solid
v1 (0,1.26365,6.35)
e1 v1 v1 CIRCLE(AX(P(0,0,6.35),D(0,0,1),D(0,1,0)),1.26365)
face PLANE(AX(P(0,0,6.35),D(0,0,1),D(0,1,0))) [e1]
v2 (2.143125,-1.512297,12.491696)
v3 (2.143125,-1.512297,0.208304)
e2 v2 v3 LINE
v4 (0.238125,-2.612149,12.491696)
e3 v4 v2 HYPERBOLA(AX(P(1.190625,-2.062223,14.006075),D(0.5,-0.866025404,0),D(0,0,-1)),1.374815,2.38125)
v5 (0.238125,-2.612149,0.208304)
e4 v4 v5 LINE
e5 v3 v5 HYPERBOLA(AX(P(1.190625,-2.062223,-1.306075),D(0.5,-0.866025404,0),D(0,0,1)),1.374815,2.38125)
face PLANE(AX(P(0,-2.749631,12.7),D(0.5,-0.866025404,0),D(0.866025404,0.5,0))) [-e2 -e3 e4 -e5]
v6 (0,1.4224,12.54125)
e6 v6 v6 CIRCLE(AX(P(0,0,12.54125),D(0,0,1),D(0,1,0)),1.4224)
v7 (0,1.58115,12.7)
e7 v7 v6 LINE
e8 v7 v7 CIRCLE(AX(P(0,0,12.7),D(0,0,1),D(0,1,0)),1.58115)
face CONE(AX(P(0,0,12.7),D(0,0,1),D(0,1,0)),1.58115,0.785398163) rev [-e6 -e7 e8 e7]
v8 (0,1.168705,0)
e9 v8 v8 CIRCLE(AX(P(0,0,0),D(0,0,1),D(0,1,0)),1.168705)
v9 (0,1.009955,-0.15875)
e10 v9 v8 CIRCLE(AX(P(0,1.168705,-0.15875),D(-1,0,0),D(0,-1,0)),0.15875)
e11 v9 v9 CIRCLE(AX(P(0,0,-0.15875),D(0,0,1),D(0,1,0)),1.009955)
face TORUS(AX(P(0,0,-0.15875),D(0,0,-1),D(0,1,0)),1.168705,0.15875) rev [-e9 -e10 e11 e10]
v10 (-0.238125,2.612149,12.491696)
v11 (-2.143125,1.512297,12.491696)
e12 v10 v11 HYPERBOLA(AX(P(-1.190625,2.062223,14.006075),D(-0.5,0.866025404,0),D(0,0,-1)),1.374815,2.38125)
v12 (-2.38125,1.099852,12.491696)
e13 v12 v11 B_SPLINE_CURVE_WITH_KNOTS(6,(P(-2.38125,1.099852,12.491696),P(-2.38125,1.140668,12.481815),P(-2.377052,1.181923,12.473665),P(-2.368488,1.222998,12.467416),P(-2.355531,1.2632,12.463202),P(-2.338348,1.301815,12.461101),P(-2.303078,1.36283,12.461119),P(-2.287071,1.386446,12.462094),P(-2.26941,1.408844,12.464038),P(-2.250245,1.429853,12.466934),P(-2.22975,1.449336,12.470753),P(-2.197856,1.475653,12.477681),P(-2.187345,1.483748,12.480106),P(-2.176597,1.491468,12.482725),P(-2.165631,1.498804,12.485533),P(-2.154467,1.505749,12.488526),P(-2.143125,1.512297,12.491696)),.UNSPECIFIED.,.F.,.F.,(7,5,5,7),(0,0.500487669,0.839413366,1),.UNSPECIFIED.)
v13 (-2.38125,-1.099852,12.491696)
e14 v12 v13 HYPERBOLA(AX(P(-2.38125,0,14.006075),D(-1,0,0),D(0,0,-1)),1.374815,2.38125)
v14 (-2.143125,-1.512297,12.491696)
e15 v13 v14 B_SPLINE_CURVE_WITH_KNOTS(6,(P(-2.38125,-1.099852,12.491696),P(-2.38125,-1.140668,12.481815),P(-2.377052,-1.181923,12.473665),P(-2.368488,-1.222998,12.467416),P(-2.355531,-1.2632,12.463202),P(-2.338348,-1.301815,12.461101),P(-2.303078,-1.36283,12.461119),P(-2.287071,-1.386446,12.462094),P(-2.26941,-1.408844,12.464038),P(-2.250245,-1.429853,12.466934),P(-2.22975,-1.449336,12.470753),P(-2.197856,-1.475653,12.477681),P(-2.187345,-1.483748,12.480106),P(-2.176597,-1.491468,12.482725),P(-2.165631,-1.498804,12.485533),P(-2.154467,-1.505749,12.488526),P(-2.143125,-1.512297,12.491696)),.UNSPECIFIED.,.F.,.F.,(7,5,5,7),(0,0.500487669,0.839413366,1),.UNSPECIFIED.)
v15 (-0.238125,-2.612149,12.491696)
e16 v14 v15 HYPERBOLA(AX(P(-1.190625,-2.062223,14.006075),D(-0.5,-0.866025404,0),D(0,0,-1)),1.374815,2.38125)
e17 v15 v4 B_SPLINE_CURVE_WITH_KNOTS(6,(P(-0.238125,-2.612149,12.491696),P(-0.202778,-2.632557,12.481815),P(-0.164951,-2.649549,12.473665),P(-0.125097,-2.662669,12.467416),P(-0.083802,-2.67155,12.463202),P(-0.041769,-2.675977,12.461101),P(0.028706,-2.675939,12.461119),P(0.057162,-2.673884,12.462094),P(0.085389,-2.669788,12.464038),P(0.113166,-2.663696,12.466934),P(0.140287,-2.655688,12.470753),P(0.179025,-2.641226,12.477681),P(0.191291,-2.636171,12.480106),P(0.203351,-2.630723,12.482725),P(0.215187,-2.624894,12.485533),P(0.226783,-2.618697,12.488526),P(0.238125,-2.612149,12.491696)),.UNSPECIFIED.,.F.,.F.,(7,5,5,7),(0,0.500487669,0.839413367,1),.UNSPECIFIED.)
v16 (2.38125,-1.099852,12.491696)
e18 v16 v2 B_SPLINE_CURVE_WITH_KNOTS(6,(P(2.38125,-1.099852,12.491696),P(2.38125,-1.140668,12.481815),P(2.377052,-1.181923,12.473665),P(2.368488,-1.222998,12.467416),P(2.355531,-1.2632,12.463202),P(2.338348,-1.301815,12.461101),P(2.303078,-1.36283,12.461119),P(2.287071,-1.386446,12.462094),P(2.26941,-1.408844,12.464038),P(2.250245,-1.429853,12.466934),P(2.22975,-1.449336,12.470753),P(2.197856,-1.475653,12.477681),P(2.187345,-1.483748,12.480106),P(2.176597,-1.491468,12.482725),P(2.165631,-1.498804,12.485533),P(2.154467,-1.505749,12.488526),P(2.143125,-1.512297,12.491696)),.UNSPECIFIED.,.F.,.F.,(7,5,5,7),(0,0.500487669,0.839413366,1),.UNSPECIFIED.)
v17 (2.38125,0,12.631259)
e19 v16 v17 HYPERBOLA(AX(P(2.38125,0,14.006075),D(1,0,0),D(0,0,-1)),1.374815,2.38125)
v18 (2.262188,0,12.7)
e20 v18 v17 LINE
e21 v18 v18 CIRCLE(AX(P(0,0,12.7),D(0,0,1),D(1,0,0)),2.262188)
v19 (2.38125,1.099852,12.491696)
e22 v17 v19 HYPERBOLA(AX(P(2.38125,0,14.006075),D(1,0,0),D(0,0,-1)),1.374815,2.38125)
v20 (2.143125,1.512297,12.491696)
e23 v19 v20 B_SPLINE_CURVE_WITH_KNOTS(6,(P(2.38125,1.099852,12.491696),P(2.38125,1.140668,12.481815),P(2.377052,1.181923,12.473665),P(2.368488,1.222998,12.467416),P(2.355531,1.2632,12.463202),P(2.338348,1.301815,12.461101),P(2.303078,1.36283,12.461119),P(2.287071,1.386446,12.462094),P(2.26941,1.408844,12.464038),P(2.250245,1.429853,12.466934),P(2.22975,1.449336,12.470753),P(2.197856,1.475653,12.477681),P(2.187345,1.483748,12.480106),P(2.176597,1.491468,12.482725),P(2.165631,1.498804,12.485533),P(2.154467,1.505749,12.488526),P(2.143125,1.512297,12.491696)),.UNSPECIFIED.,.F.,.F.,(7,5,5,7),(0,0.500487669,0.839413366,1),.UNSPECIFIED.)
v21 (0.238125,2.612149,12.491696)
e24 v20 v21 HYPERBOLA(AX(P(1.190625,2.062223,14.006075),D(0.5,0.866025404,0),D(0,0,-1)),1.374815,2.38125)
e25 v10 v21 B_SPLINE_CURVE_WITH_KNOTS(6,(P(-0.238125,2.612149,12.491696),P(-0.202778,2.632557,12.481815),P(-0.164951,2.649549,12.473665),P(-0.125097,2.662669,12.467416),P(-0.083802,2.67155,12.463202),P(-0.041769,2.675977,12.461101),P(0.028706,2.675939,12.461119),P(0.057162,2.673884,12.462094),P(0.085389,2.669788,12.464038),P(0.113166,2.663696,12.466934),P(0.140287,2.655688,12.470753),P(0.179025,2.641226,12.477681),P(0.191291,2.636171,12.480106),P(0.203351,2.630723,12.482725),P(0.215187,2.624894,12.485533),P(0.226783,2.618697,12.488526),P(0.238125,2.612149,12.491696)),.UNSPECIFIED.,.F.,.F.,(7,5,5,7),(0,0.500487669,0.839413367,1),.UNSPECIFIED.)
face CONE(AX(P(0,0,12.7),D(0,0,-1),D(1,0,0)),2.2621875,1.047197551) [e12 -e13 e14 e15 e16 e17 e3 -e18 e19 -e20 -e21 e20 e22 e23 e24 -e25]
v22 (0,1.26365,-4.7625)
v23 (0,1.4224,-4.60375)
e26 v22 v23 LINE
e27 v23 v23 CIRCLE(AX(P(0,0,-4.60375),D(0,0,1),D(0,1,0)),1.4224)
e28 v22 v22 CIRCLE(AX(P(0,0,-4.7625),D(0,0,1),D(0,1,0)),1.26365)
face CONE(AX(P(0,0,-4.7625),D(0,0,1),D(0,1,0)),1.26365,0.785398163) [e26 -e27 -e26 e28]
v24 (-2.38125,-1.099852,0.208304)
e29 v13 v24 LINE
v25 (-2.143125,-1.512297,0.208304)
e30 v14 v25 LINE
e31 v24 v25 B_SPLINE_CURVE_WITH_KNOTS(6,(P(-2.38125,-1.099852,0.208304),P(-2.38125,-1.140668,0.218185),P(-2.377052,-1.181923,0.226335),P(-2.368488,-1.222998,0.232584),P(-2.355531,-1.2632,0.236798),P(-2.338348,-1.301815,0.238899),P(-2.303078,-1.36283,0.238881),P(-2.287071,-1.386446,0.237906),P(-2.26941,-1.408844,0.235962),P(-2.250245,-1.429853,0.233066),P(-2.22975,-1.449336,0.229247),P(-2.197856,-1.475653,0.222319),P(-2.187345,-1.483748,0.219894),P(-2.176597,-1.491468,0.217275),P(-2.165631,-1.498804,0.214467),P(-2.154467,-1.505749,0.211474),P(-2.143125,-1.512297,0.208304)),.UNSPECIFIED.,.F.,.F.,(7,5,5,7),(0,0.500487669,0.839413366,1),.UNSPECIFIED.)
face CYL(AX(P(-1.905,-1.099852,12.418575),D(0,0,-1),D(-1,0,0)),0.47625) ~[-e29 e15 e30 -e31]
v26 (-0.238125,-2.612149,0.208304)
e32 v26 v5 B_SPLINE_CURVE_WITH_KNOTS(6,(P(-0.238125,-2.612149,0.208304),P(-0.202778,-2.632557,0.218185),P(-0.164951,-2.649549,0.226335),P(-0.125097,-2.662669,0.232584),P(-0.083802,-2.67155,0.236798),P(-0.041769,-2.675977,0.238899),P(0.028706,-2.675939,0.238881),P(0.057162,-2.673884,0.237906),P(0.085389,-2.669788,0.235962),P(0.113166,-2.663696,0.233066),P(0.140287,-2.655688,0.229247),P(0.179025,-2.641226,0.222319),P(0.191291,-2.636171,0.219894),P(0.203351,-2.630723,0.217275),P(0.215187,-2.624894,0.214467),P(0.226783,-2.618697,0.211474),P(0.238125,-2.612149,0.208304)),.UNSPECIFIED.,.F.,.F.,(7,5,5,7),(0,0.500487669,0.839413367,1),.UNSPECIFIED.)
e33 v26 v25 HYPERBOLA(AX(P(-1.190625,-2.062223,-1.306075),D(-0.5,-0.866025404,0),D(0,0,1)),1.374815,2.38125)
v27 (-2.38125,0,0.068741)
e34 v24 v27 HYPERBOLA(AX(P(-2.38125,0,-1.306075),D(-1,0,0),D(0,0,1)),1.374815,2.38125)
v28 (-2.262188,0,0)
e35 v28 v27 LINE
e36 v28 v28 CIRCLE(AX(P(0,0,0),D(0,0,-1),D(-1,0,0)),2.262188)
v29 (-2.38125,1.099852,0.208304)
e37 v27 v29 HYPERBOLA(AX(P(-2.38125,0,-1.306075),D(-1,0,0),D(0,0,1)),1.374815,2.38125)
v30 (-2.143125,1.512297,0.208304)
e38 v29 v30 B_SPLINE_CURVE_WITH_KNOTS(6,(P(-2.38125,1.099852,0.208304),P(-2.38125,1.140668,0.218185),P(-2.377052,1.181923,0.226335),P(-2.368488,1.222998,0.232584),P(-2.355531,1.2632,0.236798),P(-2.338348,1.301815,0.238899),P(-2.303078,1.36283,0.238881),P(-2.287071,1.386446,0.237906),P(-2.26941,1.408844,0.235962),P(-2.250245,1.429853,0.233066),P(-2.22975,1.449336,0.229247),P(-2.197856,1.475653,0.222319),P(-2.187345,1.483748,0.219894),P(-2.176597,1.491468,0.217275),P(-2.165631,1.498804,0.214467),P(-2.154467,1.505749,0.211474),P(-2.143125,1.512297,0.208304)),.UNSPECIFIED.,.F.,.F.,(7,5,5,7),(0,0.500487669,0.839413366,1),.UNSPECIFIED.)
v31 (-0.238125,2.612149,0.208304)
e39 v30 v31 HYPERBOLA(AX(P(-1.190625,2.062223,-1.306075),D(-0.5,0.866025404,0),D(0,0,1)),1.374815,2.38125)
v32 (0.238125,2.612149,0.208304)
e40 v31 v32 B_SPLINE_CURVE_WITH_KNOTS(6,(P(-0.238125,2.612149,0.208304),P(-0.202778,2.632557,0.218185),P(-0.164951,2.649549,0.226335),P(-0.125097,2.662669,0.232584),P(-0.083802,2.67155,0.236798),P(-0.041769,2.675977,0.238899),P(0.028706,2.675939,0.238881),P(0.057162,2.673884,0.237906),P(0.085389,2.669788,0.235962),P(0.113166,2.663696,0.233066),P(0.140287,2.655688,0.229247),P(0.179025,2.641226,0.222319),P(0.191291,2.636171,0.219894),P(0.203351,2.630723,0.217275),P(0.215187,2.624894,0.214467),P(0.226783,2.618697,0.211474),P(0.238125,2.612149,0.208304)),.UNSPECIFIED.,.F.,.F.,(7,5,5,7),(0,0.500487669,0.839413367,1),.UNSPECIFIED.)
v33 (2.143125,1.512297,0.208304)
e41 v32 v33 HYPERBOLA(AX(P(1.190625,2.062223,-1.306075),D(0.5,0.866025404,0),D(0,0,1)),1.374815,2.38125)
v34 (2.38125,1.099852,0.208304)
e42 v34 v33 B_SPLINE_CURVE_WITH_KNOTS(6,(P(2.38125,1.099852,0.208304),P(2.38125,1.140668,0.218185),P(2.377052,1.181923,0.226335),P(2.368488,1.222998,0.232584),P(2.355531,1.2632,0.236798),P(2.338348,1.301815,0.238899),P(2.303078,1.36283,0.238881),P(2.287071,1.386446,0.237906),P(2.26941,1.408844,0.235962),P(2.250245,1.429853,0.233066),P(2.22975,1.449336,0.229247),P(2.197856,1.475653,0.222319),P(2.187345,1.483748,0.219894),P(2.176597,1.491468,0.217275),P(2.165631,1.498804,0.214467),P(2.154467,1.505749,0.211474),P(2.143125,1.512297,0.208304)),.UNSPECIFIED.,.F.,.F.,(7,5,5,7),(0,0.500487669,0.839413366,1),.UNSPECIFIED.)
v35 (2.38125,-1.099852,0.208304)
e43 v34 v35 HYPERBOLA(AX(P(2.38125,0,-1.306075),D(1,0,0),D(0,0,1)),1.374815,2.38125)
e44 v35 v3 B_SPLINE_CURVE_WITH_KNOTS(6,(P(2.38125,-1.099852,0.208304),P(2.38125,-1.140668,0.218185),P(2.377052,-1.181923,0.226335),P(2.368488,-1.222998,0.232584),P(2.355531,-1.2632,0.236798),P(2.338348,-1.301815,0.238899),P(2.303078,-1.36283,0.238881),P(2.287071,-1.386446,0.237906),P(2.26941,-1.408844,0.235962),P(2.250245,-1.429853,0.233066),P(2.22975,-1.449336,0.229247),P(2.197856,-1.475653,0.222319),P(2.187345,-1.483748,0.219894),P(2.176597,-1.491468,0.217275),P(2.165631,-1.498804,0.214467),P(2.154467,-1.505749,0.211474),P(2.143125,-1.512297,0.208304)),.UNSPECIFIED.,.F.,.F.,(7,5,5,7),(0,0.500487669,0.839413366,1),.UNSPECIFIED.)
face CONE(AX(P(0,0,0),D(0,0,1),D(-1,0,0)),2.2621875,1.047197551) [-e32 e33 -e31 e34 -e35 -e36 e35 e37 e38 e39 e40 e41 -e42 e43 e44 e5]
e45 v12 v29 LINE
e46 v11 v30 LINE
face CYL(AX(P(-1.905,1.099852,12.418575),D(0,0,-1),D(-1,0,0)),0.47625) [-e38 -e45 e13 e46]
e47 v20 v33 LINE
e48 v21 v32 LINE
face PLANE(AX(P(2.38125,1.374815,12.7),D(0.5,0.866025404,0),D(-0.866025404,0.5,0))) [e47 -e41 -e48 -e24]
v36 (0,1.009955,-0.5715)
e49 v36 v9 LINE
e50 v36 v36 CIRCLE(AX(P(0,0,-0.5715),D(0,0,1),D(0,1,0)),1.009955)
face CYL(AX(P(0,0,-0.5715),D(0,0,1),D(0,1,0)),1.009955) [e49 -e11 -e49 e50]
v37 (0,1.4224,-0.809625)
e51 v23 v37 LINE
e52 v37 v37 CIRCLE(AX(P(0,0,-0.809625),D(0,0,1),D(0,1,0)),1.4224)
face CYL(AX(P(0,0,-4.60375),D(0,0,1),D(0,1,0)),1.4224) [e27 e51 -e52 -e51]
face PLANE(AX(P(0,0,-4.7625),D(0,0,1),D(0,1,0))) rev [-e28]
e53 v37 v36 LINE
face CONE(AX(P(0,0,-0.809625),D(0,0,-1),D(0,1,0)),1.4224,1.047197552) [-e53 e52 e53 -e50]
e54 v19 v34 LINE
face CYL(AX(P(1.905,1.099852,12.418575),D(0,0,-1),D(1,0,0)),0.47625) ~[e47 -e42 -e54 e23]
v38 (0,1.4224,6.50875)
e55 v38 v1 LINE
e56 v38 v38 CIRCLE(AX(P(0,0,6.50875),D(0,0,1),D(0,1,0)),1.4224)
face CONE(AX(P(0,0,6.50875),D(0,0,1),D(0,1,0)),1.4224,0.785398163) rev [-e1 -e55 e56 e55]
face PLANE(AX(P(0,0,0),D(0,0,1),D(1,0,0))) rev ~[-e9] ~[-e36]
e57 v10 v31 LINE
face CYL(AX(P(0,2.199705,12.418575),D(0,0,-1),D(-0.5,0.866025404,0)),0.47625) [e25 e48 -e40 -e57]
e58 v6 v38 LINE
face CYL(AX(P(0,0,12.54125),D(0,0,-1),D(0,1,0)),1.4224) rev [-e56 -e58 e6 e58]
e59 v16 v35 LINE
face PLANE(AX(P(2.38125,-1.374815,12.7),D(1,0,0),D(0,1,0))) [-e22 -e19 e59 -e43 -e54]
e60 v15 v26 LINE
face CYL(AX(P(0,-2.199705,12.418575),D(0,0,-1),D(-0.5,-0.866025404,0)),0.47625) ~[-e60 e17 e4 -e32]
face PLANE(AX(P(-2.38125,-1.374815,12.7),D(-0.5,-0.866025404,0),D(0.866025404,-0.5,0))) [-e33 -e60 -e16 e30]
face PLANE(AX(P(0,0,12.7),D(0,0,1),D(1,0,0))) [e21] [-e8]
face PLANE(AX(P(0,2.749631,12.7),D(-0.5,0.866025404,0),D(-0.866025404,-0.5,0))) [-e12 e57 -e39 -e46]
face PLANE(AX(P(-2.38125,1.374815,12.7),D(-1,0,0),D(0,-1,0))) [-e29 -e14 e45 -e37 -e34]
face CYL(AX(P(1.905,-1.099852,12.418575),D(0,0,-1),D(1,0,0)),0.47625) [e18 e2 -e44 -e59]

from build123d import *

# Parameters (mm, degrees)
SKETCH4_R           = 1.901825
BOSS_EXTRUDE1_DEPTH = 12.7
SKETCH5_OUTSIDE_W   = 75.8
SKETCH5_OUTSIDE_H   = 76.538
SKETCH5_OUTSIDE_R   = 2.2621875
CUT_EXTRUDE1_DEPTH  = 18.837312762
CUT_EXTRUDE1_DRAFT  = -60
SKETCH6_OUTSIDE_W   = 59.772
SKETCH6_OUTSIDE_H   = 60.51
SKETCH6_OUTSIDE_R   = 2.2621875
CUT_EXTRUDE2_DEPTH  = 14.210632851
CUT_EXTRUDE2_DRAFT  = -60
FILLET1_R           = 0.47625


with BuildPart() as part:
    # Sketch3 → Revolve1 (revolve)
    with BuildSketch(Plane(origin=(0, 0, 0), x_dir=(0, 0, -1), z_dir=(1, 0, 0))):
        with BuildLine():
            Line((-6.35, 1.26365), (-6.35, 0))
            Line((-6.35, 0), (4.7625, 0))
            Line((4.7625, 0), (4.7625, 1.26365))
            Line((4.7625, 1.26365), (4.60375, 1.4224))
            Line((4.60375, 1.4224), (0.809625, 1.4224))
            Line((0.809625, 1.4224), (0.5715, 1.009955401))
            Line((0.5715, 1.009955401), (0.15875, 1.009955401))
            ThreePointArc((0.15875, 1.009955401), (0.046496798, 1.0564522), (0, 1.168705401))
            Line((0, 1.168705401), (0, 2.38125))
            Line((0, 2.38125), (-12.7, 2.38125))
            Line((-12.7, 2.38125), (-12.7, 1.58115))
            Line((-12.7, 1.58115), (-12.54125, 1.4224))
            Line((-12.54125, 1.4224), (-6.50875, 1.4224))
            Line((-6.50875, 1.4224), (-6.35, 1.26365))
        make_face()
    revolve(axis=Axis((0, 0, -4.7625), (0, 0, 1)))

    # Sketch4 → Boss-Extrude1 (add)
    with BuildSketch(Plane.XY.offset(12.7)):
        Polygon((-2.38125, 1.374815329), (-2.38125, -1.374815329), (0, -2.749630657), (2.38125, -1.374815329), (2.38125, 1.374815329), (0, 2.749630657), align=None)
        Circle(SKETCH4_R, mode=Mode.SUBTRACT)
    extrude(amount=-BOSS_EXTRUDE1_DEPTH)


with BuildPart() as cut_extrude1_tool:
    # Sketch5 outside → Cut-Extrude1 (with draft: the straight prism first)
    with BuildSketch(Plane.XY.offset(12.7)):
        Rectangle(SKETCH5_OUTSIDE_W, SKETCH5_OUTSIDE_H)
        Circle(SKETCH5_OUTSIDE_R, mode=Mode.SUBTRACT)
    extrude(amount=-CUT_EXTRUDE1_DEPTH)
    # Cut-Extrude1: the draft: its side faces are tilted about the plane it starts from
    cut_extrude1_sides = [cut_extrude1_tool.faces().sort_by_distance(p)[0] for p in [
        (0, -38.269, 3.281343619),
        (37.9, 0, 3.281343619),
        (0, 38.269, 3.281343619),
        (-37.9, 0, 3.281343619),
        (-2.2621875, 0, 3.281343619),
    ]]
    draft(cut_extrude1_sides, Plane.XY.offset(12.7), CUT_EXTRUDE1_DRAFT)


with BuildPart() as part_1:
    add(part.part)

    # Cut-Extrude1: cut by cut_extrude1_tool
    add(cut_extrude1_tool.part, mode=Mode.SUBTRACT)


with BuildPart() as cut_extrude2_tool:
    # Sketch6 outside → Cut-Extrude2 (with draft: the straight prism first)
    with BuildSketch(Plane(origin=(0, 0, 0), x_dir=(-1, 0, 0), z_dir=(0, 0, -1))):
        Rectangle(SKETCH6_OUTSIDE_W, SKETCH6_OUTSIDE_H)
        Circle(SKETCH6_OUTSIDE_R, mode=Mode.SUBTRACT)
    extrude(amount=-CUT_EXTRUDE2_DEPTH)
    # Cut-Extrude2: the draft: its side faces are tilted about the plane it starts from
    cut_extrude2_sides = [cut_extrude2_tool.faces().sort_by_distance(p)[0] for p in [
        (0, -30.255, 7.105316425),
        (-29.886, 0, 7.105316425),
        (0, 30.255, 7.105316425),
        (29.886, 0, 7.105316425),
        (2.2621875, 0, 7.105316425),
    ]]
    draft(cut_extrude2_sides, Plane(origin=(0, 0, 0), x_dir=(-1, 0, 0), z_dir=(0, 0, -1)), CUT_EXTRUDE2_DRAFT)


with BuildPart() as part_2:
    add(part_1.part)

    # Cut-Extrude2: cut by cut_extrude2_tool
    add(cut_extrude2_tool.part, mode=Mode.SUBTRACT)

    # Fillet1
    fillet1_edges = [part_2.edges().sort_by_distance(p)[0] for p in [
        (0, 2.749630657, 6.35),
        (-2.38125, -1.374815329, 6.35),
        (0, -2.749630657, 6.35),
        (2.38125, -1.374815329, 6.35),
        (2.38125, 1.374815329, 6.35),
        (-2.38125, 1.374815329, 6.35),
    ]]
    fillet(fillet1_edges, radius=FILLET1_R)


solid = part_2.part
